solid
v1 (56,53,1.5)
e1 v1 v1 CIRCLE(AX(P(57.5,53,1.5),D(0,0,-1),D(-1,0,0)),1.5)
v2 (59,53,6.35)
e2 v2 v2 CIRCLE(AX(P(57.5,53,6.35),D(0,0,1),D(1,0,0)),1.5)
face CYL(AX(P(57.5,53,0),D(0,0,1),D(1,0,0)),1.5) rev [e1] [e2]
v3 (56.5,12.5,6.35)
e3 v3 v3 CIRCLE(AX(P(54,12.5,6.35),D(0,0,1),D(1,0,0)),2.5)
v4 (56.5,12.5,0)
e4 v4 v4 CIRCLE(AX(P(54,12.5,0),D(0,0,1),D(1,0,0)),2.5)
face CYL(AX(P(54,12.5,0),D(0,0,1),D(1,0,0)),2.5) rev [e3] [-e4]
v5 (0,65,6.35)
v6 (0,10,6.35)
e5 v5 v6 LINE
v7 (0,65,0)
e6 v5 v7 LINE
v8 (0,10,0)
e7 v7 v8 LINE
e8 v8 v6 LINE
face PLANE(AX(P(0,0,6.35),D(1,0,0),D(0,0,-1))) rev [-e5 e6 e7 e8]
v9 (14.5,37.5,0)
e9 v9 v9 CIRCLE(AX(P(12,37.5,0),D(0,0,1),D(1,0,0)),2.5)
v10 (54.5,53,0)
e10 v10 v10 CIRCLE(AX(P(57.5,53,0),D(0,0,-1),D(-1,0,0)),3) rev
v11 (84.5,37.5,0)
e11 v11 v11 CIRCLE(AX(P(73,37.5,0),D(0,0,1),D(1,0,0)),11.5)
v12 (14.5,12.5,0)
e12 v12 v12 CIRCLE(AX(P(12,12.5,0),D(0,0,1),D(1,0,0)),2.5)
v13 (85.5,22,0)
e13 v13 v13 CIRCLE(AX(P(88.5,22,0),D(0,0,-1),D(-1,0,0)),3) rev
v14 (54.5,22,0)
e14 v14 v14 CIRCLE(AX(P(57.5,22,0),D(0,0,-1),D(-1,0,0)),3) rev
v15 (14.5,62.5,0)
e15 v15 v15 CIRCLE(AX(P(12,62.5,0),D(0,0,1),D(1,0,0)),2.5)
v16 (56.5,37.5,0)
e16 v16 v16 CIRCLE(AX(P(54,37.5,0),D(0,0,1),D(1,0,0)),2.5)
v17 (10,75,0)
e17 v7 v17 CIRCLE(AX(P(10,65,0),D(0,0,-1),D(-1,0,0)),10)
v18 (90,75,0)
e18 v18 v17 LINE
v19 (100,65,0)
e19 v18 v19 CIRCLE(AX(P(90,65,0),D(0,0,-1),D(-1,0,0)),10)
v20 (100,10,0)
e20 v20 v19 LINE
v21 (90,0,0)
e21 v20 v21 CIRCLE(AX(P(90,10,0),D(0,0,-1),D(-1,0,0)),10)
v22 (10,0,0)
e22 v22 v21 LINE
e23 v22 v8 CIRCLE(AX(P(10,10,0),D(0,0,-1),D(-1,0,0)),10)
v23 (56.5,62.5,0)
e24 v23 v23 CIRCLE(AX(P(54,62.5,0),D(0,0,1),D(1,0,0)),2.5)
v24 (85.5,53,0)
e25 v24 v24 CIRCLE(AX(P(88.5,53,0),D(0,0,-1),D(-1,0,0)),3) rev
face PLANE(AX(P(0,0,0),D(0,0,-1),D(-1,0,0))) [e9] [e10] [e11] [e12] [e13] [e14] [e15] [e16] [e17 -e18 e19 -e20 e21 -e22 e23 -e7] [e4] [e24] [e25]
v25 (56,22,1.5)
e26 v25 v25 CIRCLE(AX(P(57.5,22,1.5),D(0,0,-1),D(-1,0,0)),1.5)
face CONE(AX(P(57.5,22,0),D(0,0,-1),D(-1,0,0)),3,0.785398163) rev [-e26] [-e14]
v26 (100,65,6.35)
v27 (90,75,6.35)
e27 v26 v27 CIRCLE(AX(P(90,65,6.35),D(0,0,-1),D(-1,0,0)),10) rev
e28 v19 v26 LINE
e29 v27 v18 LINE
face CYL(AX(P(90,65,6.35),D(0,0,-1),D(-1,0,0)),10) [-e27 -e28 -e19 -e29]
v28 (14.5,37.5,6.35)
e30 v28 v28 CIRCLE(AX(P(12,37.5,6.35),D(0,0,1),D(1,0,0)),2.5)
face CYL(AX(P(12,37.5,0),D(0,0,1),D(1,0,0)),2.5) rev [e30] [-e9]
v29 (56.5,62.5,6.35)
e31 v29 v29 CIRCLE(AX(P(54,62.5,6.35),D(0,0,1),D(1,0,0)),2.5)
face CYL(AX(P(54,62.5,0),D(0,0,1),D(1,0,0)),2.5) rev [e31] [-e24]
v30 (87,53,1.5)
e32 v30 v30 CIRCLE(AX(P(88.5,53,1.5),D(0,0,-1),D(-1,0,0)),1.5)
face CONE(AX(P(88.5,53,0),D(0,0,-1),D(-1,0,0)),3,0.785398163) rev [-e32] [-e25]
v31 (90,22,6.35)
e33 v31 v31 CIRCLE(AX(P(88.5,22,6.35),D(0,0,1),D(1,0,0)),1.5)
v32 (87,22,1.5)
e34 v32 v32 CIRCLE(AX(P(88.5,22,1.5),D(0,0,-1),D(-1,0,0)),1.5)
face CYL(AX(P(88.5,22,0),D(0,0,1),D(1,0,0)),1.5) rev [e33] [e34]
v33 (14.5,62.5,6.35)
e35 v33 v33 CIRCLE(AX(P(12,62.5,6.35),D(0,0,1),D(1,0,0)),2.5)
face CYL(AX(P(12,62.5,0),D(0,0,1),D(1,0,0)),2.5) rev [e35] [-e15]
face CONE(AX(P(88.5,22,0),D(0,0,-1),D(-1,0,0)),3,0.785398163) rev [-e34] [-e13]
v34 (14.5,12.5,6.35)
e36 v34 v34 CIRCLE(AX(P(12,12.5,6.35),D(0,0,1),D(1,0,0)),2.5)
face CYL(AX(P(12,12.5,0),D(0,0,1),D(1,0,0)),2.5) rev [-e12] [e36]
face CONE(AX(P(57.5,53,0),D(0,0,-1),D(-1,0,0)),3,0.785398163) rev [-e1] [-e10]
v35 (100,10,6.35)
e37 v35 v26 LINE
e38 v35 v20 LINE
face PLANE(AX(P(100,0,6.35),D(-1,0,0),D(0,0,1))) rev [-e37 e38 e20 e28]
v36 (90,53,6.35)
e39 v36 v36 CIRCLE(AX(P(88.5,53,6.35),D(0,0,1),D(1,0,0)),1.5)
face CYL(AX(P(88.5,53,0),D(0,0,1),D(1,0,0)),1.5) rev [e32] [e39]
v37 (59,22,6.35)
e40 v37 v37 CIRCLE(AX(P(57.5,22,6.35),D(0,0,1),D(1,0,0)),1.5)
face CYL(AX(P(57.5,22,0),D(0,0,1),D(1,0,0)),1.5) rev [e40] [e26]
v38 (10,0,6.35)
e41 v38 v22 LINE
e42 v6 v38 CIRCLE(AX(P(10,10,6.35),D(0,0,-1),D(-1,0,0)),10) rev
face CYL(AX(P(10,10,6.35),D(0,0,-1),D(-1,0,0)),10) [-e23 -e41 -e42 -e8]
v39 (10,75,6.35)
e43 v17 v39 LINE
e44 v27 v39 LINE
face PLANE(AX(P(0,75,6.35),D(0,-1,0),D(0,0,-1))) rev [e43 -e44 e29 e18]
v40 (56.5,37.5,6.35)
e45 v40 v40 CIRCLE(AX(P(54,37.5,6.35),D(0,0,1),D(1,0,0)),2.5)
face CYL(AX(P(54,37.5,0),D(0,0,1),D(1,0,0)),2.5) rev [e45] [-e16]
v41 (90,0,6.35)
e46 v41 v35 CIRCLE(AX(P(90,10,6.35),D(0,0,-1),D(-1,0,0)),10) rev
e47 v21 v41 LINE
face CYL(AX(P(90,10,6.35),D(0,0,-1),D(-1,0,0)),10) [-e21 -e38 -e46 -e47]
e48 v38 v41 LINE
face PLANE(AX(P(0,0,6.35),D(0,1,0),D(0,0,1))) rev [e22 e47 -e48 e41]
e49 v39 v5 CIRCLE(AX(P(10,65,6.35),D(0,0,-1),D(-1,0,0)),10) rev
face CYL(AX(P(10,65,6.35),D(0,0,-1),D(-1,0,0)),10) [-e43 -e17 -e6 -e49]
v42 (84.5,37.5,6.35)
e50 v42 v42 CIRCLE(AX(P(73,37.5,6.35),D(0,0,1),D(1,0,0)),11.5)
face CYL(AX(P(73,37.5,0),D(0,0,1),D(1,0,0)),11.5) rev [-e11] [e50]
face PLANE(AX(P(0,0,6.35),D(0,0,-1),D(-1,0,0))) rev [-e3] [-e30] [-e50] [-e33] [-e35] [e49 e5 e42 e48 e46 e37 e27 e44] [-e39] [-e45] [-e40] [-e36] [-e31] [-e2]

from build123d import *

# Parameters (mm, degrees)
SKETCH1_W             = 100
SKETCH1_H             = 75
PLATE_DEPTH           = 6.35
SKETCH2_R             = 2.5
CUT_IDLER_HOLES_DEPTH = 126.161186076
SKETCH3_R             = 1.5
SKETCH3_R_2           = 11.5
CUT_MOTOR_HOLES_DEPTH = 126.161186076
CHAMFER1_SIZE         = 1.5
FILLET1_R             = 10


with BuildPart() as part:
    # Sketch1 → plate (new body)
    with BuildSketch(Plane.XY):
        with Locations((50, 37.5)):
            Rectangle(SKETCH1_W, SKETCH1_H)
    extrude(amount=PLATE_DEPTH)

    # Sketch2 → cut idler holes (cut, through all)
    with BuildSketch(Plane.XY.offset(6.35)):
        with Locations((12, 62.5)):
            Circle(SKETCH2_R)
        with Locations((12, 12.5)):
            Circle(SKETCH2_R)
        with Locations((54, 37.5)):
            Circle(SKETCH2_R)
        with Locations((54, 62.5)):
            Circle(SKETCH2_R)
        with Locations((12, 37.5)):
            Circle(SKETCH2_R)
        with Locations((54, 12.5)):
            Circle(SKETCH2_R)
    extrude(amount=-CUT_IDLER_HOLES_DEPTH, mode=Mode.SUBTRACT)

    # Sketch3 → cut motor holes (cut, through all)
    with BuildSketch(Plane.XY.offset(6.35)):
        with Locations((57.5, 53)):
            Circle(SKETCH3_R)
        with Locations((88.5, 53)):
            Circle(SKETCH3_R)
        with Locations((88.5, 22)):
            Circle(SKETCH3_R)
        with Locations((57.5, 22)):
            Circle(SKETCH3_R)
        with Locations((73, 37.5)):
            Circle(SKETCH3_R_2)
    extrude(amount=-CUT_MOTOR_HOLES_DEPTH, mode=Mode.SUBTRACT)

    # Chamfer1
    chamfer1_edges = [part.edges().sort_by_distance(p)[0] for p in [
        (56, 53, 0),
        (87, 22, 0),
        (56, 22, 0),
        (87, 53, 0),
    ]]
    chamfer(chamfer1_edges, length=CHAMFER1_SIZE)

    # Fillet1
    fillet1_edges = [part.edges().sort_by_distance(p)[0] for p in [
        (0, 75, 3.175),
        (100, 75, 3.175),
        (100, 0, 3.175),
        (0, 0, 3.175),
    ]]
    fillet(fillet1_edges, radius=FILLET1_R)


solid = part.part
